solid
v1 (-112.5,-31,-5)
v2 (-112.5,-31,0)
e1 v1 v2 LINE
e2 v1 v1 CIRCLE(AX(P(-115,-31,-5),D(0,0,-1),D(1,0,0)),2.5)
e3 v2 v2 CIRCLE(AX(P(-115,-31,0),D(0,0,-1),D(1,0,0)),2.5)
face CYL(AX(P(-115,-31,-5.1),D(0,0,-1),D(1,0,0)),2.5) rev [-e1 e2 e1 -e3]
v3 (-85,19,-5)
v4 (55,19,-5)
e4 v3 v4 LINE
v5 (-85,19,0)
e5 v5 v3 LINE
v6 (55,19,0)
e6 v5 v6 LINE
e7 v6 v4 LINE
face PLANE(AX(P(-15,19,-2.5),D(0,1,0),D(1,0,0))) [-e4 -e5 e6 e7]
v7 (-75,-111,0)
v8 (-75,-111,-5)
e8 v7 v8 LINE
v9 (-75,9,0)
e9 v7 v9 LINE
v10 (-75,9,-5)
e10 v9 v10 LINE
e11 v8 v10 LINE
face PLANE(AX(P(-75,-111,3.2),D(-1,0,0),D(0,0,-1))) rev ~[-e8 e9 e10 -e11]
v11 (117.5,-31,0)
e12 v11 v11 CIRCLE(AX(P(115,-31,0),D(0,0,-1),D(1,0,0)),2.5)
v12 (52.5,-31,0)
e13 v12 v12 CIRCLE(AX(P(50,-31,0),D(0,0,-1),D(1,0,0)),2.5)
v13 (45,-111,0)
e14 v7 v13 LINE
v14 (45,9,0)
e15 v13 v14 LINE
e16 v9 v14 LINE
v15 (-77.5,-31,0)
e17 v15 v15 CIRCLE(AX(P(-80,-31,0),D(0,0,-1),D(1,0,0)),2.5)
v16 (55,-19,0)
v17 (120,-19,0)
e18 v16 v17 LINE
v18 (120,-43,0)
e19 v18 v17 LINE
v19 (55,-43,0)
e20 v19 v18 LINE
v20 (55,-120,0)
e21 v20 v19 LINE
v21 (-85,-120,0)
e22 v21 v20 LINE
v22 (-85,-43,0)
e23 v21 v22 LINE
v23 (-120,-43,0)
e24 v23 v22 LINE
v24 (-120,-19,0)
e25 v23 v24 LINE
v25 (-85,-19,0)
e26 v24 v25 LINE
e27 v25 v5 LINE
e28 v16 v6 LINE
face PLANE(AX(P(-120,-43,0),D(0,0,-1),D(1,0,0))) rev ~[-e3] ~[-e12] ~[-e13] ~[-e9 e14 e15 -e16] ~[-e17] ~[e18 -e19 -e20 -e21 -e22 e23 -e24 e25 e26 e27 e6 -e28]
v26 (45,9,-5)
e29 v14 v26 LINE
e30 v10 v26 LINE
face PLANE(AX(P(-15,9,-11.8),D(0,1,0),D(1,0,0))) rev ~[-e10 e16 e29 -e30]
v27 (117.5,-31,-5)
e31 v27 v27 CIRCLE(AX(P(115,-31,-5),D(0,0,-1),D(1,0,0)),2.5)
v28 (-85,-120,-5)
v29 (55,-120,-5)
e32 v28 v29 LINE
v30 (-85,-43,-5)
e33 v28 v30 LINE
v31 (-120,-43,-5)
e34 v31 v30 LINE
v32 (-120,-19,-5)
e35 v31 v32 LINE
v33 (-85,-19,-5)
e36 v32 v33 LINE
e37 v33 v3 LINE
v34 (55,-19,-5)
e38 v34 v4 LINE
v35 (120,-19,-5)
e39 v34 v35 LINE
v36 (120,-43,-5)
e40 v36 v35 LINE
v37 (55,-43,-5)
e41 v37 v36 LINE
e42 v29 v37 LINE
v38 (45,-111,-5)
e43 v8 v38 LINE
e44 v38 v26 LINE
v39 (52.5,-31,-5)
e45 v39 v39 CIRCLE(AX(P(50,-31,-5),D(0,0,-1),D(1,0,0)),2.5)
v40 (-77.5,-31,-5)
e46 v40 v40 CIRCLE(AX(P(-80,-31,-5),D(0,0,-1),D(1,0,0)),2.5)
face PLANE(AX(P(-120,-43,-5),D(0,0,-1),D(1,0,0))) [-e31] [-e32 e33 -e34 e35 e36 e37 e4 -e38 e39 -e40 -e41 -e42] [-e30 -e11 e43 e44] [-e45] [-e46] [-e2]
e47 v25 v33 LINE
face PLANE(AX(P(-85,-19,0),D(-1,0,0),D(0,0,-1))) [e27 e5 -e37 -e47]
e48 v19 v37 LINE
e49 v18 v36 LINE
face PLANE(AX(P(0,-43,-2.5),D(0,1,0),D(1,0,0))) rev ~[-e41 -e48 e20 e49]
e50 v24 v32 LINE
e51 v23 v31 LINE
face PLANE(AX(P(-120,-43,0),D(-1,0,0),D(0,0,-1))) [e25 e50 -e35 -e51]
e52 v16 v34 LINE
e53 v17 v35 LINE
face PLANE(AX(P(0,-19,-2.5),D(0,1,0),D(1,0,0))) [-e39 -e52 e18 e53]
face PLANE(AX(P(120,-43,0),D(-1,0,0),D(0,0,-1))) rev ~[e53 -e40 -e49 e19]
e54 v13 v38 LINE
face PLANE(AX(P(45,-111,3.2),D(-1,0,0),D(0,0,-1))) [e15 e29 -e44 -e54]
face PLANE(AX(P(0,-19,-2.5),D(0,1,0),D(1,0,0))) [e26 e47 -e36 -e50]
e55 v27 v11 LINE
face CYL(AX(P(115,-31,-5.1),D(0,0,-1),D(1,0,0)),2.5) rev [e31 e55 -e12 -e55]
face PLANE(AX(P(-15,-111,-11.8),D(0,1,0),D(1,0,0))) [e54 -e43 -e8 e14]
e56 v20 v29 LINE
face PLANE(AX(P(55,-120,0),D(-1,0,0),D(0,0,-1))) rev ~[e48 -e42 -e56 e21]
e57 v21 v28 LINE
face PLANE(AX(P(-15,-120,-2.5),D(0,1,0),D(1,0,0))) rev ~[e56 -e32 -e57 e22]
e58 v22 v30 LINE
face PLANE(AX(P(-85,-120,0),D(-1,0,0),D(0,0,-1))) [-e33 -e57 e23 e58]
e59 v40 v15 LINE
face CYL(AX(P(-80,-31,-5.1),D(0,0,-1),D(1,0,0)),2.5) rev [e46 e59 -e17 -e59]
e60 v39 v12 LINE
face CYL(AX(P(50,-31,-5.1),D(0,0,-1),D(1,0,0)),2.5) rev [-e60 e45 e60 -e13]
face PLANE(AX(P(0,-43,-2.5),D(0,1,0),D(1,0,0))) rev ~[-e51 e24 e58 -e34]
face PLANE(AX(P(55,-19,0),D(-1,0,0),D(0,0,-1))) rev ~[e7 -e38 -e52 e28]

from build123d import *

# Parameters (mm, degrees)
BOX019_W               = 120
BOX019_H               = 30
BOX019_DEPTH           = 120
CYLINDER075_R          = 2.5
CYLINDER075_DEPTH      = 10
CYLINDER076_R          = 2.5
CYLINDER076_DEPTH      = 10
CYLINDER077_R          = 2.5
CYLINDER077_DEPTH      = 10
CYLINDER078_R          = 2.5
CYLINDER078_DEPTH      = 10
CYLINDER074_R          = 2.5
CYLINDER074_DEPTH      = 10
CYLINDER079_R          = 2.5
CYLINDER079_DEPTH      = 10
BOX016_W               = 240
BOX016_H               = 5
BOX016_DEPTH           = 24
BOX017_W               = 140
BOX017_H               = 5
BOX017_DEPTH           = 38
BOX018_W               = 140
BOX018_H               = 5
BOX018_DEPTH           = 77
CUT010_PLACEMENT_ANGLE = 270


with BuildPart() as gatewaycut002:
    # Box019 → Box019 (new body)
    with BuildSketch(Plane(origin=(-75, -3.2, -111), x_dir=(1, 0, 0), z_dir=(0, 0, 1))):
        with Locations((60, 15)):
            Rectangle(BOX019_W, BOX019_H)
    extrude(amount=BOX019_DEPTH)


with BuildPart() as cylinder075:
    # Cylinder075 → Cylinder075 (new body)
    with BuildSketch(Plane(origin=(115, 0, -31), x_dir=(1, 0, 0), z_dir=(0, -1, 0))):
        Circle(CYLINDER075_R)
    extrude(amount=CYLINDER075_DEPTH)


with BuildPart() as cylinder076:
    # Cylinder076 → Cylinder076 (new body)
    with BuildSketch(Plane(origin=(-80, 0, -31), x_dir=(1, 0, 0), z_dir=(0, -1, 0))):
        Circle(CYLINDER076_R)
    extrude(amount=CYLINDER076_DEPTH)


with BuildPart() as cylinder077:
    # Cylinder077 → Cylinder077 (new body)
    with BuildSketch(Plane(origin=(50, 0, -31), x_dir=(1, 0, 0), z_dir=(0, -1, 0))):
        Circle(CYLINDER077_R)
    extrude(amount=CYLINDER077_DEPTH)


with BuildPart() as cylinder078:
    # Cylinder078 → Cylinder078 (new body)
    with BuildSketch(Plane(origin=(-45.75, 0, -56.3), x_dir=(1, 0, 0), z_dir=(0, -1, 0))):
        Circle(CYLINDER078_R)
    extrude(amount=CYLINDER078_DEPTH)


with BuildPart() as cylinder074:
    # Cylinder074 → Cylinder074 (new body)
    with BuildSketch(Plane(origin=(-115, 0, -31), x_dir=(1, 0, 0), z_dir=(0, -1, 0))):
        Circle(CYLINDER074_R)
    extrude(amount=CYLINDER074_DEPTH)


with BuildPart() as m3heatsetinserts004:
    # Cylinder079 → Cylinder079 (new body)
    with BuildSketch(Plane(origin=(-45.75, 0, -1.3), x_dir=(1, 0, 0), z_dir=(0, -1, 0))):
        Circle(CYLINDER079_R)
    extrude(amount=CYLINDER079_DEPTH)

    # Fusion028: union Cylinder075, Cylinder076, Cylinder077, Cylinder078, Cylinder074
    add(cylinder075.part)
    add(cylinder076.part)
    add(cylinder077.part)
    add(cylinder078.part)
    add(cylinder074.part)


with BuildPart() as m3heatsetinserts004_1:
    # Fusion028 placement: moved
    add(m3heatsetinserts004.part.moved(Location((0, 5.1, 0))))


with BuildPart() as cube013:
    # Box016 → Box016 (new body)
    with BuildSketch(Plane(origin=(-120, 0, -43), x_dir=(1, 0, 0), z_dir=(0, 0, 1))):
        with Locations((120, 2.5)):
            Rectangle(BOX016_W, BOX016_H)
    extrude(amount=BOX016_DEPTH)


with BuildPart() as cube014:
    # Box017 → Box017 (new body)
    with BuildSketch(Plane(origin=(-85, 0, -19), x_dir=(1, 0, 0), z_dir=(0, 0, 1))):
        with Locations((70, 2.5)):
            Rectangle(BOX017_W, BOX017_H)
    extrude(amount=BOX017_DEPTH)


with BuildPart() as mainbasev2:
    # Box018 → Box018 (new body)
    with BuildSketch(Plane(origin=(-85, 0, -120), x_dir=(1, 0, 0), z_dir=(0, 0, 1))):
        with Locations((70, 2.5)):
            Rectangle(BOX018_W, BOX018_H)
    extrude(amount=BOX018_DEPTH)

    # Fusion027: union Cube013, Cube014
    add(cube013.part)
    add(cube014.part)

    # Cut009: cut M3HeatSetInserts004
    add(m3heatsetinserts004_1.part, mode=Mode.SUBTRACT)

    # Cut010: cut GatewayCut002
    add(gatewaycut002.part, mode=Mode.SUBTRACT)


with BuildPart() as mainbasev2_1:
    # Cut010 placement: moved
    add(mainbasev2.part.rotate(Axis((0, 0, 0), (1, 0, 0)), CUT010_PLACEMENT_ANGLE))


solid = mainbasev2_1.part
